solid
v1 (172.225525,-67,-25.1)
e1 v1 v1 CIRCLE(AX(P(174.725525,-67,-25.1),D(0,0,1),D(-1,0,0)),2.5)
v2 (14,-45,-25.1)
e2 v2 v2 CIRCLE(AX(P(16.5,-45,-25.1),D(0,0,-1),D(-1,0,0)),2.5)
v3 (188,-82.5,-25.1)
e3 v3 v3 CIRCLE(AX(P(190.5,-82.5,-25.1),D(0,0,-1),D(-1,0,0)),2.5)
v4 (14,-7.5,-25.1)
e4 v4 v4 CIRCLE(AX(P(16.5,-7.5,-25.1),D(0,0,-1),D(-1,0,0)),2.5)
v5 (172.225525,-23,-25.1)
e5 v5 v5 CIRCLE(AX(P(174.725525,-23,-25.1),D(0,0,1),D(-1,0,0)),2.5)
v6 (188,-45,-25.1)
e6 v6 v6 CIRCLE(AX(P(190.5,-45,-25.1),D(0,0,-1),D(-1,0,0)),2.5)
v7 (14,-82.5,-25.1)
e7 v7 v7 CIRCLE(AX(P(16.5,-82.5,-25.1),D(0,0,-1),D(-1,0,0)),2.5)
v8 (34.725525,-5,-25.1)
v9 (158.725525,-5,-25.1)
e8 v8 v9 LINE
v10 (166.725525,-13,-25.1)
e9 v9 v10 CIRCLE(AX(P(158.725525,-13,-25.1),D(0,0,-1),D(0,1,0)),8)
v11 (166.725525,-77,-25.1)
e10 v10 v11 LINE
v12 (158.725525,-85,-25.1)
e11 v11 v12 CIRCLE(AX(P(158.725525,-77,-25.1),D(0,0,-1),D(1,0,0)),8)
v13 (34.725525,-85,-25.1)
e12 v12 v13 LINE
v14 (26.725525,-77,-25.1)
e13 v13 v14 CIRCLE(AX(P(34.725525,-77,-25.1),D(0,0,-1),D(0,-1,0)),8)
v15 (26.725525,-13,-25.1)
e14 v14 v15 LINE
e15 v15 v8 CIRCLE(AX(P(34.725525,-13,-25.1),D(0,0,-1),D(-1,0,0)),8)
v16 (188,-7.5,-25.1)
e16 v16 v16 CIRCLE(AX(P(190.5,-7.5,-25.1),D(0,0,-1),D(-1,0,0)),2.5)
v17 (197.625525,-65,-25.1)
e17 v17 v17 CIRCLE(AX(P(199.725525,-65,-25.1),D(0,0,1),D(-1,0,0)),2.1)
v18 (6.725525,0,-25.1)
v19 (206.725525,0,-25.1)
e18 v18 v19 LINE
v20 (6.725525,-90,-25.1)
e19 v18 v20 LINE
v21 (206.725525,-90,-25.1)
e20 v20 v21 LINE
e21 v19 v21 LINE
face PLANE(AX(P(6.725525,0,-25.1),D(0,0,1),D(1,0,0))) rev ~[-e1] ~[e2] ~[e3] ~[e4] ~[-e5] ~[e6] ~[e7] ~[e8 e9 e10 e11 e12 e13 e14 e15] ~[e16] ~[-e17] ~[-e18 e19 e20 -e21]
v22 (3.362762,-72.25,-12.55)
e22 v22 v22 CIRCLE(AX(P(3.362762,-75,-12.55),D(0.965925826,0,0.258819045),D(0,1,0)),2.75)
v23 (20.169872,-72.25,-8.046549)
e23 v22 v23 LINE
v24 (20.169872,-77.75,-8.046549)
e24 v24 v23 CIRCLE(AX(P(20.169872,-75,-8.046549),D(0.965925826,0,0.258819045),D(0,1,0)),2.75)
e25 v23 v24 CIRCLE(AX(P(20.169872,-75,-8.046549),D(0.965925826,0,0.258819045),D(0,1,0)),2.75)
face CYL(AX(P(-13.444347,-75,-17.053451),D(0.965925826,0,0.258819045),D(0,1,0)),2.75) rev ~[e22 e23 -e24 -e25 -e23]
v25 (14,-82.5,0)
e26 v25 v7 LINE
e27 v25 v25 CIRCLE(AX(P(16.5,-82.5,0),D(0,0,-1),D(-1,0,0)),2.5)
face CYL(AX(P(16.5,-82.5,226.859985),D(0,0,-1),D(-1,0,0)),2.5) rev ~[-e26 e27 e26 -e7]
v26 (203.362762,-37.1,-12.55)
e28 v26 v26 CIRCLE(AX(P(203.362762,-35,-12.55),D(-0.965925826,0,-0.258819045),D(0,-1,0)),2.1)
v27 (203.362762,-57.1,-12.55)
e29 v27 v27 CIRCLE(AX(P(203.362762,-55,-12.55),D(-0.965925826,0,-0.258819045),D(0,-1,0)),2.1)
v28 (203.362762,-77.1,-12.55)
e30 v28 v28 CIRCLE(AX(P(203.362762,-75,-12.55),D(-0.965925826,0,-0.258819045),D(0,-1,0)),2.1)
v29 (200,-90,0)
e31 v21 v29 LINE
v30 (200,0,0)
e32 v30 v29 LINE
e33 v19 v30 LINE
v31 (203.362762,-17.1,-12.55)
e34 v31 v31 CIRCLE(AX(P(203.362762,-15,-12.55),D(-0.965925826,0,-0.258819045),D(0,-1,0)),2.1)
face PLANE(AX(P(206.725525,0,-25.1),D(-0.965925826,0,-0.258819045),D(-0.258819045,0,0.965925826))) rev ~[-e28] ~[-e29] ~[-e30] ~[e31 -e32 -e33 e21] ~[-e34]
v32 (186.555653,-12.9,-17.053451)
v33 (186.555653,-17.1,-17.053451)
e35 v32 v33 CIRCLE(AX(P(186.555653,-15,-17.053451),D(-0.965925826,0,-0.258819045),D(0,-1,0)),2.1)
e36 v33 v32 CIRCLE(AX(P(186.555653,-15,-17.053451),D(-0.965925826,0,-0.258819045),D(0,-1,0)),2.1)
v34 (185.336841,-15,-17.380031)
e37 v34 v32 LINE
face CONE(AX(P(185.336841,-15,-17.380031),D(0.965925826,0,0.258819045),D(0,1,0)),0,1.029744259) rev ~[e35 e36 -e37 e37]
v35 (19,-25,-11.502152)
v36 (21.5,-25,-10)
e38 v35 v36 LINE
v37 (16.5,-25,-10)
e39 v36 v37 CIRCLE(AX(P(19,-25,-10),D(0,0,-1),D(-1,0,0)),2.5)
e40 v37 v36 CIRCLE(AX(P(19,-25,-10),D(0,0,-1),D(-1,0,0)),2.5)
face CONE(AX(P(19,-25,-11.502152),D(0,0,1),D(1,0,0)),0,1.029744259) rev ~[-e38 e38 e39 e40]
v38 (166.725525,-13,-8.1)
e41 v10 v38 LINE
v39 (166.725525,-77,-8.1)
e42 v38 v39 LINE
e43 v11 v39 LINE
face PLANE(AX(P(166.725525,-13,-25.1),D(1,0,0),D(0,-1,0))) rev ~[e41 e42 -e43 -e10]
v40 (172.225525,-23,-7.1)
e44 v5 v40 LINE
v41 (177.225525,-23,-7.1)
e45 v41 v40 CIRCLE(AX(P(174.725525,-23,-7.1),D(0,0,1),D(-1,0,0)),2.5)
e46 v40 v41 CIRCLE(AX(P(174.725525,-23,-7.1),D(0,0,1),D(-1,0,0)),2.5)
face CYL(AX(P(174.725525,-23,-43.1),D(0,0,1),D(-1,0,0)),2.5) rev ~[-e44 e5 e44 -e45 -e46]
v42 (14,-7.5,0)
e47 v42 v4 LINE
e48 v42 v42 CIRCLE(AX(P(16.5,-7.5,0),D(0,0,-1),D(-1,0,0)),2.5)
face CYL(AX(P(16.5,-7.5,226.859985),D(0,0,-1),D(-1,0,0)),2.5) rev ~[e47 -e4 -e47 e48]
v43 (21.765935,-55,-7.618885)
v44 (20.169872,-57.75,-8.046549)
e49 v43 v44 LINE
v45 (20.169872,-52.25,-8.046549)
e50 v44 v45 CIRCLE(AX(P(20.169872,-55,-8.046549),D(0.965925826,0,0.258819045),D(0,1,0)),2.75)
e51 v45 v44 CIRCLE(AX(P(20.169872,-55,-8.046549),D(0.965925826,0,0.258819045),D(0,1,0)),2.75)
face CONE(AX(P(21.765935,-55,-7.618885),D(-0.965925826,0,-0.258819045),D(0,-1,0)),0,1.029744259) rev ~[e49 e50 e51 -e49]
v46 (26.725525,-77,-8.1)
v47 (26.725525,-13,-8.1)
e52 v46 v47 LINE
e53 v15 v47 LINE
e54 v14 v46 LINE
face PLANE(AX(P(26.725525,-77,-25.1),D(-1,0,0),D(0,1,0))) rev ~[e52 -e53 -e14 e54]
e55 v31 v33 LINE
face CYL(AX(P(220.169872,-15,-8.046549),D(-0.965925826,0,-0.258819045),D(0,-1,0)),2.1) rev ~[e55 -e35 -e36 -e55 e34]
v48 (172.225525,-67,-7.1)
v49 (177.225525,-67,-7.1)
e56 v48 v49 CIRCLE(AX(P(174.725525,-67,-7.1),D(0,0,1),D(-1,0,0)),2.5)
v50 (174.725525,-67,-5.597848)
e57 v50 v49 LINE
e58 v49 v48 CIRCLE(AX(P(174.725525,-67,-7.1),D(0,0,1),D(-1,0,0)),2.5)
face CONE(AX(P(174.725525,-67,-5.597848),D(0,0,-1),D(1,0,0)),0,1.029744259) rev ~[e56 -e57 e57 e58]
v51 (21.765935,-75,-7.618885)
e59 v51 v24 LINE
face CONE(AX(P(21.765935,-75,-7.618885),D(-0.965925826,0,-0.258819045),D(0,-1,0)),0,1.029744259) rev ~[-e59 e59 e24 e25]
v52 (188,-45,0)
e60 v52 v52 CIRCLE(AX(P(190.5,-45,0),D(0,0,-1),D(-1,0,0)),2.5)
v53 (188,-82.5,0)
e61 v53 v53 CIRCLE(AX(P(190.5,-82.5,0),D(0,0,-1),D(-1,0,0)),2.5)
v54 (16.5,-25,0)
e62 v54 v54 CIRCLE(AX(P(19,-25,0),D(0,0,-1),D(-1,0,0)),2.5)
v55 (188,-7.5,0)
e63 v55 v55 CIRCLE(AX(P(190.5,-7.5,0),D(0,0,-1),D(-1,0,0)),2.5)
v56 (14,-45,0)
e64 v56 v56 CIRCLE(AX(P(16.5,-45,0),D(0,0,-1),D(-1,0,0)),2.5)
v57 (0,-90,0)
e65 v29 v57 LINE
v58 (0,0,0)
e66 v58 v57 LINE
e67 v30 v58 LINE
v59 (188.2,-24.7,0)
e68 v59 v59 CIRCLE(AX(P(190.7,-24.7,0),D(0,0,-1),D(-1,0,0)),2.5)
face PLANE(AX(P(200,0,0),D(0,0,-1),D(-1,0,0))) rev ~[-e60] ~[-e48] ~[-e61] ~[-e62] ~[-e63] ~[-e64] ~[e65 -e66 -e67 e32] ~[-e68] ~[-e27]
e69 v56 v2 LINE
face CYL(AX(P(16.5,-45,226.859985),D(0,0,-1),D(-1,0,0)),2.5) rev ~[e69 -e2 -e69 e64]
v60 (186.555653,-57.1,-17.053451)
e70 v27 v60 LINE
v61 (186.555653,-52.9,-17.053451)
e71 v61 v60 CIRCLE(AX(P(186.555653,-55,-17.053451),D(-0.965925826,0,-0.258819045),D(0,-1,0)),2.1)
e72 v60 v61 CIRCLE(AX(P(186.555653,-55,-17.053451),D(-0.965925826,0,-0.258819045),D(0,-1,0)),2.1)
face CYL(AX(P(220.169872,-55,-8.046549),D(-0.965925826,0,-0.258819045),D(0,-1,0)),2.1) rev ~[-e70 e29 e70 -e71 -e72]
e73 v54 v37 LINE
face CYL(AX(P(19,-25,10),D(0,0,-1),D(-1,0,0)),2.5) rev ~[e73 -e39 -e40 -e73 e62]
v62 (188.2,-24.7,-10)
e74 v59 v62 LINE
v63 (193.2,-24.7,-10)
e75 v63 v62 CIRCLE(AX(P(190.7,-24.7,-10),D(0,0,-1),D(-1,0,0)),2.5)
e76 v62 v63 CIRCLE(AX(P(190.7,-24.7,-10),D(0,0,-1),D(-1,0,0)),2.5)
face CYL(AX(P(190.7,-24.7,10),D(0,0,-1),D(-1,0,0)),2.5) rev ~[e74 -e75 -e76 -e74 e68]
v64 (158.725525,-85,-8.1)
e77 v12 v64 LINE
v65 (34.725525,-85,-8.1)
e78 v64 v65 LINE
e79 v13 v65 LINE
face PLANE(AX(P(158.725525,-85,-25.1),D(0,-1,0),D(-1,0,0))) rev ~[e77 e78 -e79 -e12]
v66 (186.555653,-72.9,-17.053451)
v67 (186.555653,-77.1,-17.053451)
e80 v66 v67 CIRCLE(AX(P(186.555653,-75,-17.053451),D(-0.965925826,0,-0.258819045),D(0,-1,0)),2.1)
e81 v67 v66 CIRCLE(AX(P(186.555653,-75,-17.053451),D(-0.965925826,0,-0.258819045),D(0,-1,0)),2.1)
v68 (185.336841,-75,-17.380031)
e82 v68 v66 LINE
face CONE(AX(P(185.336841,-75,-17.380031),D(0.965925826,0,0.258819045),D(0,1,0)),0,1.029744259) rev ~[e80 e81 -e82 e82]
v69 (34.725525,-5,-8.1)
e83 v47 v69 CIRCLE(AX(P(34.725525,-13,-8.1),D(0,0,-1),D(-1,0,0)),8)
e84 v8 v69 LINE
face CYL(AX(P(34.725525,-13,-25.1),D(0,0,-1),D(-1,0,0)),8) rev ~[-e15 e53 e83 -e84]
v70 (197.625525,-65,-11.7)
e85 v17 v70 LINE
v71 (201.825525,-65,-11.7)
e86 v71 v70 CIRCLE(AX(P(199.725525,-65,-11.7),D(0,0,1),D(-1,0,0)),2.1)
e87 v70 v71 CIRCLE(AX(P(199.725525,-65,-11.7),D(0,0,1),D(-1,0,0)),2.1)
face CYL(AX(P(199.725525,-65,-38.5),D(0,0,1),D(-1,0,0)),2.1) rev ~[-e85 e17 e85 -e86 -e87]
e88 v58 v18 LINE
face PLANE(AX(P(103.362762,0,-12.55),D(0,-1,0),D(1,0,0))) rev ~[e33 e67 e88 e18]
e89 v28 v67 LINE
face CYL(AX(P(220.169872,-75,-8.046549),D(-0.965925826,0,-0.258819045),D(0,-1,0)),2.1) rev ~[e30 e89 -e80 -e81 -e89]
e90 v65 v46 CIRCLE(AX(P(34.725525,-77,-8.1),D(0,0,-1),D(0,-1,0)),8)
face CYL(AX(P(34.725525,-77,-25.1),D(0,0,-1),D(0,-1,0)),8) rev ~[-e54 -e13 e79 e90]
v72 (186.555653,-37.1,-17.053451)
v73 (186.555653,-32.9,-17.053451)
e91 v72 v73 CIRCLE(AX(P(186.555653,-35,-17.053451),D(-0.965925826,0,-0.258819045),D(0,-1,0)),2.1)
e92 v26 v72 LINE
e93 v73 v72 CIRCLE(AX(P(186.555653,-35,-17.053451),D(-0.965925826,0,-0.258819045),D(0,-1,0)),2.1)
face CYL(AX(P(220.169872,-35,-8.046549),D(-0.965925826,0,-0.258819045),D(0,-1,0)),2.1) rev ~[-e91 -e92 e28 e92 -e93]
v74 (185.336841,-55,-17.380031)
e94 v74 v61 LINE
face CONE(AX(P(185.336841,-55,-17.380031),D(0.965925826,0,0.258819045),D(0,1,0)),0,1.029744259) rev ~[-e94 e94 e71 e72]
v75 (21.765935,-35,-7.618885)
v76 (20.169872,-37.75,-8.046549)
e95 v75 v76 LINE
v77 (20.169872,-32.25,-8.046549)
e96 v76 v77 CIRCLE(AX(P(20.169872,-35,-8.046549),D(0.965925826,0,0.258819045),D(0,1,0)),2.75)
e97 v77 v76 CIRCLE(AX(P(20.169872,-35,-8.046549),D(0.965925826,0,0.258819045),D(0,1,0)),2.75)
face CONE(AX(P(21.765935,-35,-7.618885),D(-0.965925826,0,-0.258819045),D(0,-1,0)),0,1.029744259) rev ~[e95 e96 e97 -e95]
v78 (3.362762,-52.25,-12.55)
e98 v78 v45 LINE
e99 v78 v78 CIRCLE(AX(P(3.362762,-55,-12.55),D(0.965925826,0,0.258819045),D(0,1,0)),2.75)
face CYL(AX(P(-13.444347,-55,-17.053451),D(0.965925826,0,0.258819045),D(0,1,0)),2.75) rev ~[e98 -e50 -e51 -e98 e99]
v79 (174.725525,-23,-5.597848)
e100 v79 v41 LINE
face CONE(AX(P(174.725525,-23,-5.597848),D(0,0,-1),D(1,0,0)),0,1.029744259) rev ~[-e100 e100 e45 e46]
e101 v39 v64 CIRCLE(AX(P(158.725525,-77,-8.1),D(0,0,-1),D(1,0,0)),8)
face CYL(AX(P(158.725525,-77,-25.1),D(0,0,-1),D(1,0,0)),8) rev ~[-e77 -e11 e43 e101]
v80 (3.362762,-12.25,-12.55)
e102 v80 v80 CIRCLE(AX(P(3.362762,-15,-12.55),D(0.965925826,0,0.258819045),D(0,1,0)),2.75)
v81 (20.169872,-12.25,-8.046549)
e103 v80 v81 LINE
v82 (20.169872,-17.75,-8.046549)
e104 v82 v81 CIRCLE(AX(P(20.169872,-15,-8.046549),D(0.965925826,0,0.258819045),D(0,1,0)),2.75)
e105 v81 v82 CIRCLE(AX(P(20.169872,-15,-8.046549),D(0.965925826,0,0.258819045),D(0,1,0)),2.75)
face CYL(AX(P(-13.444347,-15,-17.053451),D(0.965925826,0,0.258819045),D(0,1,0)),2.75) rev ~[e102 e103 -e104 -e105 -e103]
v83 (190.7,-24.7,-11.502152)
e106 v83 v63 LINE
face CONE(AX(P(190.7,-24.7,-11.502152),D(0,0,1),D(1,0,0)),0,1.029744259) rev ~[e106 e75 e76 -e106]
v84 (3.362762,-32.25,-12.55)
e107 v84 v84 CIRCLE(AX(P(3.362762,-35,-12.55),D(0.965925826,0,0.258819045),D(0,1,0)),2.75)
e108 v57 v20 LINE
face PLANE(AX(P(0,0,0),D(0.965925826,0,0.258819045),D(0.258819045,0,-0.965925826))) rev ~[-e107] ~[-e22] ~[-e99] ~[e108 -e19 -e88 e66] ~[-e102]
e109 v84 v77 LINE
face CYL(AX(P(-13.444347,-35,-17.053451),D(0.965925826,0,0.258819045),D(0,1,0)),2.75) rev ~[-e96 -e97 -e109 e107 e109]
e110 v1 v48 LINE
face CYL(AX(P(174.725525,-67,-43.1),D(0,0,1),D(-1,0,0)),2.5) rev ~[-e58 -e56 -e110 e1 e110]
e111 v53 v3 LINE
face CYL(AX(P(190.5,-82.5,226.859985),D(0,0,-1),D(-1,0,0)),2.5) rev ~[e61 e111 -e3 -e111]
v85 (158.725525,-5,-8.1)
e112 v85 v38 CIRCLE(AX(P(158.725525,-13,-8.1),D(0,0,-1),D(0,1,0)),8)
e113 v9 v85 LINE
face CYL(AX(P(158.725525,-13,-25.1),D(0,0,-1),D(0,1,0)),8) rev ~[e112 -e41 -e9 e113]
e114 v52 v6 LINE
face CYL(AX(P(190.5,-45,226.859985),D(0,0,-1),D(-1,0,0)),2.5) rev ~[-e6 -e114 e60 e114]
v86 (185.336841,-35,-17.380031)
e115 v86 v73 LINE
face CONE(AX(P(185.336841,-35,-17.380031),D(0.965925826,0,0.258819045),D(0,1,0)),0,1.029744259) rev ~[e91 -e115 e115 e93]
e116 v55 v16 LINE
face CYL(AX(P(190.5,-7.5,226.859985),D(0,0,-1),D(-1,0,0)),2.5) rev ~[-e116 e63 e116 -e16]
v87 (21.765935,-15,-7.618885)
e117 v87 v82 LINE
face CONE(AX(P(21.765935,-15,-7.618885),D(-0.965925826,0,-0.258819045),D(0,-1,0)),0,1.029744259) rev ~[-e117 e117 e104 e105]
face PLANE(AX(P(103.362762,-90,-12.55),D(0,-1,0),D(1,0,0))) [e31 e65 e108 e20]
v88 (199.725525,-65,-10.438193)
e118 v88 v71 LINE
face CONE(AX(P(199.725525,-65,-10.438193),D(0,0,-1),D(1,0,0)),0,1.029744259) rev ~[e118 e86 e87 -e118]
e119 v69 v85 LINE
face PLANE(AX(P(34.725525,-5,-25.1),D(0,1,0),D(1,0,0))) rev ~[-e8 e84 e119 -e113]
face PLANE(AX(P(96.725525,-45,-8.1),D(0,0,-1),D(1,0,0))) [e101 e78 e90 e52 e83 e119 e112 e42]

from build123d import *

# Parameters (mm, degrees)
F1_DEPTH  = 90
F3_DEPTH  = 17
F5_D      = 5.5
F5_DEPTH  = 17.4
F5_TIP    = 1.6523667023
F7_D      = 5
F9_D      = 5
F9_DEPTH  = 10
F9_TIP    = 1.5021515476
F11_D     = 4.2
F11_DEPTH = 17.4
F11_TIP   = 1.2618073
F13_D     = 4.2
F13_DEPTH = 13.4
F13_TIP   = 1.2618073
F15_D     = 5
F15_DEPTH = 18
F15_TIP   = 1.5021515476


with BuildPart() as f1:
    # F0 (on Front) → F1 (new body)
    with BuildSketch(Plane.XZ):
        Polygon((200, 0), (0, 0), (6.72552473, -25.1), (206.72552473, -25.1), align=None)
    extrude(amount=F1_DEPTH)

    # F2 (on face) → F3 (cut)
    with BuildSketch(Plane(origin=(0, 0, -25.1), x_dir=(1, 0, 0), z_dir=(0, 0, -1))):
        with BuildLine():
            Line((158.72552473, 85), (106.72552473, 85))
            Line((106.72552473, 85), (34.72552473, 85))
            ThreePointArc((34.72552473, 85), (29.0686704805, 82.6568542495), (26.72552473, 77))
            Line((26.72552473, 77), (26.72552473, 13))
            ThreePointArc((26.72552473, 13), (29.0686704805, 7.3431457505), (34.72552473, 5))
            Line((34.72552473, 5), (158.72552473, 5))
            ThreePointArc((158.72552473, 5), (164.3823789795, 7.3431457505), (166.72552473, 13))
            Line((166.72552473, 13), (166.72552473, 77))
            ThreePointArc((166.72552473, 77), (164.3823789795, 82.6568542495), (158.72552473, 85))
        make_face()
    extrude(amount=-F3_DEPTH, mode=Mode.SUBTRACT)

    # F5
    with Locations(Plane(origin=(0, 0, 0), x_dir=(0, -1, 0), z_dir=(-0.9659258263, 0, -0.2588190451))):
        with Locations((15, -12.9927160641), (35, -12.9927160641), (55, -12.9927160641), (75, -12.9927160641)):
            Hole(F5_D / 2, depth=F5_DEPTH)
            with Locations((0, 0, -(F5_DEPTH + F5_TIP / 2))):  # 118° drill point
                Cone(0, F5_D / 2, F5_TIP, mode=Mode.SUBTRACT)

    # F7 (through all)
    with Locations(Plane.XY):
        with Locations((16.5, -7.5), (16.5, -45), (16.5, -82.5), (190.5, -82.5), (190.5, -45), (190.5, -7.5)):
            Hole(F7_D / 2)

    # F9
    with Locations(Plane.XY):
        with Locations((19, -25), (190.7, -24.7)):
            Hole(F9_D / 2, depth=F9_DEPTH)
            with Locations((0, 0, -(F9_DEPTH + F9_TIP / 2))):  # 118° drill point
                Cone(0, F9_D / 2, F9_TIP, mode=Mode.SUBTRACT)

    # F11
    with Locations(Plane(origin=(186.6025403784, 0, 50), x_dir=(0, 1, 0), z_dir=(0.9659258263, 0, 0.2588190451))):
        with Locations((-15, -64.7565250847), (-35, -64.7565250847), (-55, -64.7565250847), (-75, -64.7565250847)):
            Hole(F11_D / 2, depth=F11_DEPTH)
            with Locations((0, 0, -(F11_DEPTH + F11_TIP / 2))):  # 118° drill point
                Cone(0, F11_D / 2, F11_TIP, mode=Mode.SUBTRACT)

    # F13
    with Locations(Plane(origin=(0, 0, -25.1), x_dir=(1, 0, 0), z_dir=(0, 0, -1))):
        with Locations((199.72552473, 65)):
            Hole(F13_D / 2, depth=F13_DEPTH)
            with Locations((0, 0, -(F13_DEPTH + F13_TIP / 2))):  # 118° drill point
                Cone(0, F13_D / 2, F13_TIP, mode=Mode.SUBTRACT)

    # F15
    with Locations(Plane(origin=(0, 0, -25.1), x_dir=(1, 0, 0), z_dir=(0, 0, -1))):
        with Locations((174.72552473, 67), (174.72552473, 23)):
            Hole(F15_D / 2, depth=F15_DEPTH)
            with Locations((0, 0, -(F15_DEPTH + F15_TIP / 2))):  # 118° drill point
                Cone(0, F15_D / 2, F15_TIP, mode=Mode.SUBTRACT)


solid = f1.part
